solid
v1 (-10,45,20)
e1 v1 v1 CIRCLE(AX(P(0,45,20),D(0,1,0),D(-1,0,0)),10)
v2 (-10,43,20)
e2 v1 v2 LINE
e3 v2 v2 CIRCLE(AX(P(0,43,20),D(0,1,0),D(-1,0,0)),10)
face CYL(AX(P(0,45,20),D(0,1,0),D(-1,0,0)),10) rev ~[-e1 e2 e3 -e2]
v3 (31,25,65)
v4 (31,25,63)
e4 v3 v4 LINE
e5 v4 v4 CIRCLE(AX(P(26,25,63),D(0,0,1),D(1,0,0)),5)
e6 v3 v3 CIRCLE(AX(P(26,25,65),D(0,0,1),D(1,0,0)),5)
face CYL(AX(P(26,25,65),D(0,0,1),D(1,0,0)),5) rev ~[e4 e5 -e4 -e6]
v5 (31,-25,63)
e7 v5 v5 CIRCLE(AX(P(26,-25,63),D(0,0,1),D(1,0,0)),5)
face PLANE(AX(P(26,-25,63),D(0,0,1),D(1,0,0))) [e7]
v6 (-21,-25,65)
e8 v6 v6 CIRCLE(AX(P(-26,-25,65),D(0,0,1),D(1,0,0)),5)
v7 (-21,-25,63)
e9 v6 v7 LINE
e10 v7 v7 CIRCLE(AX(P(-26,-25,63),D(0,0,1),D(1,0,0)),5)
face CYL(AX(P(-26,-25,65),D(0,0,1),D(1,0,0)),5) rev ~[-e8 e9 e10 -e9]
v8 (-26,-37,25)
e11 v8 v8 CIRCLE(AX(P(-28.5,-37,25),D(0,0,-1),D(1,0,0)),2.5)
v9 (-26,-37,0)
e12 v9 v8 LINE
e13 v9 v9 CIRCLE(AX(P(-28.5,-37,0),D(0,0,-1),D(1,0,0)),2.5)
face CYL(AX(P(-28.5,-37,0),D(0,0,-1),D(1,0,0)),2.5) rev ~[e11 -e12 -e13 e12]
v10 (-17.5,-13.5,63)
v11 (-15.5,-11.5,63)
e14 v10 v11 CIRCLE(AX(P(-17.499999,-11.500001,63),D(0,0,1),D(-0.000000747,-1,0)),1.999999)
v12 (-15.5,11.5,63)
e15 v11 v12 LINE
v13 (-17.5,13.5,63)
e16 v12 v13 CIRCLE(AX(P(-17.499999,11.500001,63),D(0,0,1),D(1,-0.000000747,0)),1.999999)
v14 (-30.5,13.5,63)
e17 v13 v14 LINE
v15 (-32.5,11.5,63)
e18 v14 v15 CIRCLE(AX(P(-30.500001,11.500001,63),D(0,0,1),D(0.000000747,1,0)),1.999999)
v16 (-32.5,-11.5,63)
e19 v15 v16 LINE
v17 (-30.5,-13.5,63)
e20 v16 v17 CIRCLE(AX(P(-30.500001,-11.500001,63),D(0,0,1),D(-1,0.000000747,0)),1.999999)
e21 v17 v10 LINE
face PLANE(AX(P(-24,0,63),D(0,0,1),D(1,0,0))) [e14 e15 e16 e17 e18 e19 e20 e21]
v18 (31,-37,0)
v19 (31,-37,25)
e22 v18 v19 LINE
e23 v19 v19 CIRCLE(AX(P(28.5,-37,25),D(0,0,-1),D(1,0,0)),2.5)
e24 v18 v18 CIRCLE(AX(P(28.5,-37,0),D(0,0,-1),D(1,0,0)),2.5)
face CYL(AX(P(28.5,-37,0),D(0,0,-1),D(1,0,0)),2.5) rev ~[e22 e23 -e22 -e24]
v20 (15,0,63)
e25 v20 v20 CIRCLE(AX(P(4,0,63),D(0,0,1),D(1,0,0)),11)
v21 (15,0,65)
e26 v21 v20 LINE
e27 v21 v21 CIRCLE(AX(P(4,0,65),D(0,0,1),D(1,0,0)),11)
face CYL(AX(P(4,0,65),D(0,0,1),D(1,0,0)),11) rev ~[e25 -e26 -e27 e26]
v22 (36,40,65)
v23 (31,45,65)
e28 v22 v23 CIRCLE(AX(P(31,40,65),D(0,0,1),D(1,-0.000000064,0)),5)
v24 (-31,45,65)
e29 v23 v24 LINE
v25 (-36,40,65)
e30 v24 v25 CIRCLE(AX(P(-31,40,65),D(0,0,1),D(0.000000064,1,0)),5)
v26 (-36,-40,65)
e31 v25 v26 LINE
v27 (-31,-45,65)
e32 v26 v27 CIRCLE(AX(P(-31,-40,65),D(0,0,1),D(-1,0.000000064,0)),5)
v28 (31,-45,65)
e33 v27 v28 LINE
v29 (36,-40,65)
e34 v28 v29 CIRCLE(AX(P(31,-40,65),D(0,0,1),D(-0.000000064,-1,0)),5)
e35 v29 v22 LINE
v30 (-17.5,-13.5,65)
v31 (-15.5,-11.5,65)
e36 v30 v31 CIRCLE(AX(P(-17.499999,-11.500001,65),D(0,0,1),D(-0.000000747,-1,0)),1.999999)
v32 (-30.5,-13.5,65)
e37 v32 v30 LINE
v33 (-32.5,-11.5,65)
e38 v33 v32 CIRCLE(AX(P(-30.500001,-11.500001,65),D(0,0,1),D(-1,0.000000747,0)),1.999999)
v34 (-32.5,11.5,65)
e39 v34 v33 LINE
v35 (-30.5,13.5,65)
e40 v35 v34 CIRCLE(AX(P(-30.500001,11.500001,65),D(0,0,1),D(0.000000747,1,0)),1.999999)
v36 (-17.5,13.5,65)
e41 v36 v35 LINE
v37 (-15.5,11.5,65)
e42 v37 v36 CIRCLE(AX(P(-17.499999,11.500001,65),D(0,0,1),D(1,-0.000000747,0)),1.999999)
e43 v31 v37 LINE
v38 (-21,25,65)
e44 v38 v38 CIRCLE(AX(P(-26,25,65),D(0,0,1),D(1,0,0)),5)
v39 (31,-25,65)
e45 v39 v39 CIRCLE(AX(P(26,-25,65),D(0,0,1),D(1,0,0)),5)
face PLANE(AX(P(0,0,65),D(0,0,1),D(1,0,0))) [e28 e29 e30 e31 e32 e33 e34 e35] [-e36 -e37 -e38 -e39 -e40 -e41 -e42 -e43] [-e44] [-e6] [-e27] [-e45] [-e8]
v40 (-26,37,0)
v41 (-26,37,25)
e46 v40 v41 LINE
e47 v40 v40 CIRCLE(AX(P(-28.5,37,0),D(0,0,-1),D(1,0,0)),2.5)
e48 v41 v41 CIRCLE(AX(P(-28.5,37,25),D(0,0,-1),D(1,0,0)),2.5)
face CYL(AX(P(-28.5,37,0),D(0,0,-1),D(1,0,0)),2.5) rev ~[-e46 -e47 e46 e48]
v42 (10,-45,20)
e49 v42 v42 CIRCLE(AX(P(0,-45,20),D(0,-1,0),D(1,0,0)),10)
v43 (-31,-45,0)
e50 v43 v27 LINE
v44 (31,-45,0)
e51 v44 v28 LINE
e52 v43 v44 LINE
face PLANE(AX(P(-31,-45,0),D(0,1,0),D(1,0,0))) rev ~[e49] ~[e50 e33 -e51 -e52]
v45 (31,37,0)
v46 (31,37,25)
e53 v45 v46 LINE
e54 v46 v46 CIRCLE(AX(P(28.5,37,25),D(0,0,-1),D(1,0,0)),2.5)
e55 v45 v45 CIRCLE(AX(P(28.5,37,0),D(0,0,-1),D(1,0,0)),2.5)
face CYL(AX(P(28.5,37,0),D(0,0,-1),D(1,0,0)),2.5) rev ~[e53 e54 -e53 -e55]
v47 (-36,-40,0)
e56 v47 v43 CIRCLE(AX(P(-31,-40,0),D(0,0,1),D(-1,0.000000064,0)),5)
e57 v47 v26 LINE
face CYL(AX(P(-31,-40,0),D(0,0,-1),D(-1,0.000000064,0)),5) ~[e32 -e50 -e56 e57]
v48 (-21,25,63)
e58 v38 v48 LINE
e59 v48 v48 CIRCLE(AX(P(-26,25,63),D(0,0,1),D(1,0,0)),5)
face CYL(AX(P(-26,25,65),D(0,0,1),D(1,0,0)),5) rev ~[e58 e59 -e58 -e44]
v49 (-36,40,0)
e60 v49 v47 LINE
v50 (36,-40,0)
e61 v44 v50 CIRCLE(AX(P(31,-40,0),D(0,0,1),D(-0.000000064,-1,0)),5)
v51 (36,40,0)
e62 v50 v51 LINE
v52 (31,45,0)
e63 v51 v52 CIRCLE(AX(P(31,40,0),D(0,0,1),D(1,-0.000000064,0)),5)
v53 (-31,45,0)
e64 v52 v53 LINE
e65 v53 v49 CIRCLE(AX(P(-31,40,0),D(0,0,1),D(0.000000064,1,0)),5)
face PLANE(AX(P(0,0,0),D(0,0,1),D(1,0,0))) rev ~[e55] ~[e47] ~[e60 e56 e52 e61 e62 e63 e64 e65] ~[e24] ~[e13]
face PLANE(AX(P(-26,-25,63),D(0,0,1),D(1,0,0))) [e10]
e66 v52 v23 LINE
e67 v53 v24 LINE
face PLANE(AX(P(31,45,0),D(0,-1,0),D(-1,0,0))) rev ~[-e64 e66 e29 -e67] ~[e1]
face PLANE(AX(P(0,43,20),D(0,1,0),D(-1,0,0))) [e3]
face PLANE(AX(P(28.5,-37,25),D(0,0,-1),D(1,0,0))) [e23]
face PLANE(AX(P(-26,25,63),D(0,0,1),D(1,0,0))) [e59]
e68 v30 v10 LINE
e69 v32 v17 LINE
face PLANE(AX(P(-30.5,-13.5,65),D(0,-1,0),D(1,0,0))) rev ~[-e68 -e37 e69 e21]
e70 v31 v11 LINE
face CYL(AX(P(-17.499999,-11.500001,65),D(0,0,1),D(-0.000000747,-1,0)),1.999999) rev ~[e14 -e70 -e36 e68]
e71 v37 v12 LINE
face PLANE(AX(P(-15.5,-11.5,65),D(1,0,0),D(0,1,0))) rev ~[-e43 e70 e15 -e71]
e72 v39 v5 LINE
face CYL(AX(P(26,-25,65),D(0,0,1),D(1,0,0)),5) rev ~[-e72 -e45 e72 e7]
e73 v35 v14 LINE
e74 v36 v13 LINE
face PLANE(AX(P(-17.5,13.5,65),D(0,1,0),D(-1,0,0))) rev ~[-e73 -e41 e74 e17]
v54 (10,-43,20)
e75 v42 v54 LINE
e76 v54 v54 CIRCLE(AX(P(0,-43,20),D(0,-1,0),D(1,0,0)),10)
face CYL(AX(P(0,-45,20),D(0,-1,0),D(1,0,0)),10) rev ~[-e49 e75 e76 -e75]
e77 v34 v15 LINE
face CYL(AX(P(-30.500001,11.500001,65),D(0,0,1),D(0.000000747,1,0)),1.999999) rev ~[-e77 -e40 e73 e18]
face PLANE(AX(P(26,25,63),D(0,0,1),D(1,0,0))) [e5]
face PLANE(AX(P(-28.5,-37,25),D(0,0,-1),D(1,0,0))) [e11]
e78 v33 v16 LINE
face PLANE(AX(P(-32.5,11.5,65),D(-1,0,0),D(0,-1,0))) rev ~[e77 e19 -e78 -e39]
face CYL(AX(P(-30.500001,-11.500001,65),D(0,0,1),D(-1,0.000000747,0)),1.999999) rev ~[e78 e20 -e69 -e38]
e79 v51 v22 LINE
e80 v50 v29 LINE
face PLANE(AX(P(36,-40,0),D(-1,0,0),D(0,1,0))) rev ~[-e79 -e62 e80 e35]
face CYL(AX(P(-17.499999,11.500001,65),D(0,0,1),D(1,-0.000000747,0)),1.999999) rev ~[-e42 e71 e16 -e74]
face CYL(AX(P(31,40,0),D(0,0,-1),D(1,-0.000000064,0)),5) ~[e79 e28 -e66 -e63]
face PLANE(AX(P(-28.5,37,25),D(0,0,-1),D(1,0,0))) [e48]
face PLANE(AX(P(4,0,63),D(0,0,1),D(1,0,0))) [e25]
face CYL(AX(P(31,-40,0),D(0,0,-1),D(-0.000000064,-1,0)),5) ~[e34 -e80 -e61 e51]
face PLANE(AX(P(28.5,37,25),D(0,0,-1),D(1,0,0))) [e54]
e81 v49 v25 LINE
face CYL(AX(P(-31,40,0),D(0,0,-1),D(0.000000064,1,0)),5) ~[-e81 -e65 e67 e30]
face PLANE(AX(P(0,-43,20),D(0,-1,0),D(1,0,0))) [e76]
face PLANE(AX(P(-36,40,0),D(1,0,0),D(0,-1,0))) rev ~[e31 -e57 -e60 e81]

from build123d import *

# Parameters (mm, degrees)
F1_DEPTH = 65
F2_R     = 11
F2_R_2   = 5
F3_DEPTH = 2
F4_R     = 10
F5_DEPTH = 2
F6_R     = 10
F7_DEPTH = 2
F8_R     = 2.5
F9_DEPTH = 25


with BuildPart() as f1:
    # F0 (on Top) → F1 (new body)
    with BuildSketch(Plane.XY):
        with BuildLine():
            Line((-31, -45), (31, -45))
            ThreePointArc((31, -45), (34.535534, -43.535534), (36, -40))
            Line((36, -40), (36, 40))
            ThreePointArc((36, 40), (34.535534, 43.535534), (31, 45))
            Line((31, 45), (-31, 45))
            ThreePointArc((-31, 45), (-34.535534, 43.535534), (-36, 40))
            Line((-36, 40), (-36, -40))
            ThreePointArc((-36, -40), (-34.535534, -43.535534), (-31, -45))
        make_face()
    extrude(amount=F1_DEPTH)

    # F2 (on face) → F3 (cut)
    with BuildSketch(Plane.XY.offset(65)):
        with Locations((4, 0)):
            Circle(F2_R)
        with BuildLine():
            ThreePointArc((-15.5, 11.5), (-16.085786, 12.914214), (-17.5, 13.5))
            Line((-17.5, 13.5), (-30.5, 13.5))
            ThreePointArc((-30.5, 13.5), (-31.914214, 12.914214), (-32.5, 11.5))
            Line((-32.5, 11.5), (-32.5, -11.5))
            ThreePointArc((-32.5, -11.5), (-31.914214, -12.914214), (-30.5, -13.5))
            Line((-30.5, -13.5), (-17.5, -13.5))
            ThreePointArc((-17.5, -13.5), (-16.085786, -12.914214), (-15.5, -11.5))
            Line((-15.5, -11.5), (-15.5, 11.5))
        make_face()
        with Locations((-26, 25)):
            Circle(F2_R_2)
        with Locations((26, 25)):
            Circle(F2_R_2)
        with Locations((26, -25)):
            Circle(F2_R_2)
        with Locations((-26, -25)):
            Circle(F2_R_2)
    extrude(amount=-F3_DEPTH, mode=Mode.SUBTRACT)

    # F4 (on face) → F5 (cut)
    with BuildSketch(Plane(origin=(0, 45, 0), x_dir=(-1, 0, 0), z_dir=(0, 1, 0))):
        with Locations((0, 20)):
            Circle(F4_R)
    extrude(amount=-F5_DEPTH, mode=Mode.SUBTRACT)

    # F6 (on face) → F7 (cut)
    with BuildSketch(Plane.XZ.offset(45)):
        with Locations((0, 20)):
            Circle(F6_R)
    extrude(amount=-F7_DEPTH, mode=Mode.SUBTRACT)

    # F8 (on face) → F9 (cut)
    with BuildSketch(Plane(origin=(0, 0, 0), x_dir=(1, 0, 0), z_dir=(0, 0, -1))):
        with Locations((28.5, -37)):
            Circle(F8_R)
        with Locations((-28.5, -37)):
            Circle(F8_R)
        with Locations((-28.5, 37)):
            Circle(F8_R)
        with Locations((28.5, 37)):
            Circle(F8_R)
    extrude(amount=-F9_DEPTH, mode=Mode.SUBTRACT)


solid = f1.part
